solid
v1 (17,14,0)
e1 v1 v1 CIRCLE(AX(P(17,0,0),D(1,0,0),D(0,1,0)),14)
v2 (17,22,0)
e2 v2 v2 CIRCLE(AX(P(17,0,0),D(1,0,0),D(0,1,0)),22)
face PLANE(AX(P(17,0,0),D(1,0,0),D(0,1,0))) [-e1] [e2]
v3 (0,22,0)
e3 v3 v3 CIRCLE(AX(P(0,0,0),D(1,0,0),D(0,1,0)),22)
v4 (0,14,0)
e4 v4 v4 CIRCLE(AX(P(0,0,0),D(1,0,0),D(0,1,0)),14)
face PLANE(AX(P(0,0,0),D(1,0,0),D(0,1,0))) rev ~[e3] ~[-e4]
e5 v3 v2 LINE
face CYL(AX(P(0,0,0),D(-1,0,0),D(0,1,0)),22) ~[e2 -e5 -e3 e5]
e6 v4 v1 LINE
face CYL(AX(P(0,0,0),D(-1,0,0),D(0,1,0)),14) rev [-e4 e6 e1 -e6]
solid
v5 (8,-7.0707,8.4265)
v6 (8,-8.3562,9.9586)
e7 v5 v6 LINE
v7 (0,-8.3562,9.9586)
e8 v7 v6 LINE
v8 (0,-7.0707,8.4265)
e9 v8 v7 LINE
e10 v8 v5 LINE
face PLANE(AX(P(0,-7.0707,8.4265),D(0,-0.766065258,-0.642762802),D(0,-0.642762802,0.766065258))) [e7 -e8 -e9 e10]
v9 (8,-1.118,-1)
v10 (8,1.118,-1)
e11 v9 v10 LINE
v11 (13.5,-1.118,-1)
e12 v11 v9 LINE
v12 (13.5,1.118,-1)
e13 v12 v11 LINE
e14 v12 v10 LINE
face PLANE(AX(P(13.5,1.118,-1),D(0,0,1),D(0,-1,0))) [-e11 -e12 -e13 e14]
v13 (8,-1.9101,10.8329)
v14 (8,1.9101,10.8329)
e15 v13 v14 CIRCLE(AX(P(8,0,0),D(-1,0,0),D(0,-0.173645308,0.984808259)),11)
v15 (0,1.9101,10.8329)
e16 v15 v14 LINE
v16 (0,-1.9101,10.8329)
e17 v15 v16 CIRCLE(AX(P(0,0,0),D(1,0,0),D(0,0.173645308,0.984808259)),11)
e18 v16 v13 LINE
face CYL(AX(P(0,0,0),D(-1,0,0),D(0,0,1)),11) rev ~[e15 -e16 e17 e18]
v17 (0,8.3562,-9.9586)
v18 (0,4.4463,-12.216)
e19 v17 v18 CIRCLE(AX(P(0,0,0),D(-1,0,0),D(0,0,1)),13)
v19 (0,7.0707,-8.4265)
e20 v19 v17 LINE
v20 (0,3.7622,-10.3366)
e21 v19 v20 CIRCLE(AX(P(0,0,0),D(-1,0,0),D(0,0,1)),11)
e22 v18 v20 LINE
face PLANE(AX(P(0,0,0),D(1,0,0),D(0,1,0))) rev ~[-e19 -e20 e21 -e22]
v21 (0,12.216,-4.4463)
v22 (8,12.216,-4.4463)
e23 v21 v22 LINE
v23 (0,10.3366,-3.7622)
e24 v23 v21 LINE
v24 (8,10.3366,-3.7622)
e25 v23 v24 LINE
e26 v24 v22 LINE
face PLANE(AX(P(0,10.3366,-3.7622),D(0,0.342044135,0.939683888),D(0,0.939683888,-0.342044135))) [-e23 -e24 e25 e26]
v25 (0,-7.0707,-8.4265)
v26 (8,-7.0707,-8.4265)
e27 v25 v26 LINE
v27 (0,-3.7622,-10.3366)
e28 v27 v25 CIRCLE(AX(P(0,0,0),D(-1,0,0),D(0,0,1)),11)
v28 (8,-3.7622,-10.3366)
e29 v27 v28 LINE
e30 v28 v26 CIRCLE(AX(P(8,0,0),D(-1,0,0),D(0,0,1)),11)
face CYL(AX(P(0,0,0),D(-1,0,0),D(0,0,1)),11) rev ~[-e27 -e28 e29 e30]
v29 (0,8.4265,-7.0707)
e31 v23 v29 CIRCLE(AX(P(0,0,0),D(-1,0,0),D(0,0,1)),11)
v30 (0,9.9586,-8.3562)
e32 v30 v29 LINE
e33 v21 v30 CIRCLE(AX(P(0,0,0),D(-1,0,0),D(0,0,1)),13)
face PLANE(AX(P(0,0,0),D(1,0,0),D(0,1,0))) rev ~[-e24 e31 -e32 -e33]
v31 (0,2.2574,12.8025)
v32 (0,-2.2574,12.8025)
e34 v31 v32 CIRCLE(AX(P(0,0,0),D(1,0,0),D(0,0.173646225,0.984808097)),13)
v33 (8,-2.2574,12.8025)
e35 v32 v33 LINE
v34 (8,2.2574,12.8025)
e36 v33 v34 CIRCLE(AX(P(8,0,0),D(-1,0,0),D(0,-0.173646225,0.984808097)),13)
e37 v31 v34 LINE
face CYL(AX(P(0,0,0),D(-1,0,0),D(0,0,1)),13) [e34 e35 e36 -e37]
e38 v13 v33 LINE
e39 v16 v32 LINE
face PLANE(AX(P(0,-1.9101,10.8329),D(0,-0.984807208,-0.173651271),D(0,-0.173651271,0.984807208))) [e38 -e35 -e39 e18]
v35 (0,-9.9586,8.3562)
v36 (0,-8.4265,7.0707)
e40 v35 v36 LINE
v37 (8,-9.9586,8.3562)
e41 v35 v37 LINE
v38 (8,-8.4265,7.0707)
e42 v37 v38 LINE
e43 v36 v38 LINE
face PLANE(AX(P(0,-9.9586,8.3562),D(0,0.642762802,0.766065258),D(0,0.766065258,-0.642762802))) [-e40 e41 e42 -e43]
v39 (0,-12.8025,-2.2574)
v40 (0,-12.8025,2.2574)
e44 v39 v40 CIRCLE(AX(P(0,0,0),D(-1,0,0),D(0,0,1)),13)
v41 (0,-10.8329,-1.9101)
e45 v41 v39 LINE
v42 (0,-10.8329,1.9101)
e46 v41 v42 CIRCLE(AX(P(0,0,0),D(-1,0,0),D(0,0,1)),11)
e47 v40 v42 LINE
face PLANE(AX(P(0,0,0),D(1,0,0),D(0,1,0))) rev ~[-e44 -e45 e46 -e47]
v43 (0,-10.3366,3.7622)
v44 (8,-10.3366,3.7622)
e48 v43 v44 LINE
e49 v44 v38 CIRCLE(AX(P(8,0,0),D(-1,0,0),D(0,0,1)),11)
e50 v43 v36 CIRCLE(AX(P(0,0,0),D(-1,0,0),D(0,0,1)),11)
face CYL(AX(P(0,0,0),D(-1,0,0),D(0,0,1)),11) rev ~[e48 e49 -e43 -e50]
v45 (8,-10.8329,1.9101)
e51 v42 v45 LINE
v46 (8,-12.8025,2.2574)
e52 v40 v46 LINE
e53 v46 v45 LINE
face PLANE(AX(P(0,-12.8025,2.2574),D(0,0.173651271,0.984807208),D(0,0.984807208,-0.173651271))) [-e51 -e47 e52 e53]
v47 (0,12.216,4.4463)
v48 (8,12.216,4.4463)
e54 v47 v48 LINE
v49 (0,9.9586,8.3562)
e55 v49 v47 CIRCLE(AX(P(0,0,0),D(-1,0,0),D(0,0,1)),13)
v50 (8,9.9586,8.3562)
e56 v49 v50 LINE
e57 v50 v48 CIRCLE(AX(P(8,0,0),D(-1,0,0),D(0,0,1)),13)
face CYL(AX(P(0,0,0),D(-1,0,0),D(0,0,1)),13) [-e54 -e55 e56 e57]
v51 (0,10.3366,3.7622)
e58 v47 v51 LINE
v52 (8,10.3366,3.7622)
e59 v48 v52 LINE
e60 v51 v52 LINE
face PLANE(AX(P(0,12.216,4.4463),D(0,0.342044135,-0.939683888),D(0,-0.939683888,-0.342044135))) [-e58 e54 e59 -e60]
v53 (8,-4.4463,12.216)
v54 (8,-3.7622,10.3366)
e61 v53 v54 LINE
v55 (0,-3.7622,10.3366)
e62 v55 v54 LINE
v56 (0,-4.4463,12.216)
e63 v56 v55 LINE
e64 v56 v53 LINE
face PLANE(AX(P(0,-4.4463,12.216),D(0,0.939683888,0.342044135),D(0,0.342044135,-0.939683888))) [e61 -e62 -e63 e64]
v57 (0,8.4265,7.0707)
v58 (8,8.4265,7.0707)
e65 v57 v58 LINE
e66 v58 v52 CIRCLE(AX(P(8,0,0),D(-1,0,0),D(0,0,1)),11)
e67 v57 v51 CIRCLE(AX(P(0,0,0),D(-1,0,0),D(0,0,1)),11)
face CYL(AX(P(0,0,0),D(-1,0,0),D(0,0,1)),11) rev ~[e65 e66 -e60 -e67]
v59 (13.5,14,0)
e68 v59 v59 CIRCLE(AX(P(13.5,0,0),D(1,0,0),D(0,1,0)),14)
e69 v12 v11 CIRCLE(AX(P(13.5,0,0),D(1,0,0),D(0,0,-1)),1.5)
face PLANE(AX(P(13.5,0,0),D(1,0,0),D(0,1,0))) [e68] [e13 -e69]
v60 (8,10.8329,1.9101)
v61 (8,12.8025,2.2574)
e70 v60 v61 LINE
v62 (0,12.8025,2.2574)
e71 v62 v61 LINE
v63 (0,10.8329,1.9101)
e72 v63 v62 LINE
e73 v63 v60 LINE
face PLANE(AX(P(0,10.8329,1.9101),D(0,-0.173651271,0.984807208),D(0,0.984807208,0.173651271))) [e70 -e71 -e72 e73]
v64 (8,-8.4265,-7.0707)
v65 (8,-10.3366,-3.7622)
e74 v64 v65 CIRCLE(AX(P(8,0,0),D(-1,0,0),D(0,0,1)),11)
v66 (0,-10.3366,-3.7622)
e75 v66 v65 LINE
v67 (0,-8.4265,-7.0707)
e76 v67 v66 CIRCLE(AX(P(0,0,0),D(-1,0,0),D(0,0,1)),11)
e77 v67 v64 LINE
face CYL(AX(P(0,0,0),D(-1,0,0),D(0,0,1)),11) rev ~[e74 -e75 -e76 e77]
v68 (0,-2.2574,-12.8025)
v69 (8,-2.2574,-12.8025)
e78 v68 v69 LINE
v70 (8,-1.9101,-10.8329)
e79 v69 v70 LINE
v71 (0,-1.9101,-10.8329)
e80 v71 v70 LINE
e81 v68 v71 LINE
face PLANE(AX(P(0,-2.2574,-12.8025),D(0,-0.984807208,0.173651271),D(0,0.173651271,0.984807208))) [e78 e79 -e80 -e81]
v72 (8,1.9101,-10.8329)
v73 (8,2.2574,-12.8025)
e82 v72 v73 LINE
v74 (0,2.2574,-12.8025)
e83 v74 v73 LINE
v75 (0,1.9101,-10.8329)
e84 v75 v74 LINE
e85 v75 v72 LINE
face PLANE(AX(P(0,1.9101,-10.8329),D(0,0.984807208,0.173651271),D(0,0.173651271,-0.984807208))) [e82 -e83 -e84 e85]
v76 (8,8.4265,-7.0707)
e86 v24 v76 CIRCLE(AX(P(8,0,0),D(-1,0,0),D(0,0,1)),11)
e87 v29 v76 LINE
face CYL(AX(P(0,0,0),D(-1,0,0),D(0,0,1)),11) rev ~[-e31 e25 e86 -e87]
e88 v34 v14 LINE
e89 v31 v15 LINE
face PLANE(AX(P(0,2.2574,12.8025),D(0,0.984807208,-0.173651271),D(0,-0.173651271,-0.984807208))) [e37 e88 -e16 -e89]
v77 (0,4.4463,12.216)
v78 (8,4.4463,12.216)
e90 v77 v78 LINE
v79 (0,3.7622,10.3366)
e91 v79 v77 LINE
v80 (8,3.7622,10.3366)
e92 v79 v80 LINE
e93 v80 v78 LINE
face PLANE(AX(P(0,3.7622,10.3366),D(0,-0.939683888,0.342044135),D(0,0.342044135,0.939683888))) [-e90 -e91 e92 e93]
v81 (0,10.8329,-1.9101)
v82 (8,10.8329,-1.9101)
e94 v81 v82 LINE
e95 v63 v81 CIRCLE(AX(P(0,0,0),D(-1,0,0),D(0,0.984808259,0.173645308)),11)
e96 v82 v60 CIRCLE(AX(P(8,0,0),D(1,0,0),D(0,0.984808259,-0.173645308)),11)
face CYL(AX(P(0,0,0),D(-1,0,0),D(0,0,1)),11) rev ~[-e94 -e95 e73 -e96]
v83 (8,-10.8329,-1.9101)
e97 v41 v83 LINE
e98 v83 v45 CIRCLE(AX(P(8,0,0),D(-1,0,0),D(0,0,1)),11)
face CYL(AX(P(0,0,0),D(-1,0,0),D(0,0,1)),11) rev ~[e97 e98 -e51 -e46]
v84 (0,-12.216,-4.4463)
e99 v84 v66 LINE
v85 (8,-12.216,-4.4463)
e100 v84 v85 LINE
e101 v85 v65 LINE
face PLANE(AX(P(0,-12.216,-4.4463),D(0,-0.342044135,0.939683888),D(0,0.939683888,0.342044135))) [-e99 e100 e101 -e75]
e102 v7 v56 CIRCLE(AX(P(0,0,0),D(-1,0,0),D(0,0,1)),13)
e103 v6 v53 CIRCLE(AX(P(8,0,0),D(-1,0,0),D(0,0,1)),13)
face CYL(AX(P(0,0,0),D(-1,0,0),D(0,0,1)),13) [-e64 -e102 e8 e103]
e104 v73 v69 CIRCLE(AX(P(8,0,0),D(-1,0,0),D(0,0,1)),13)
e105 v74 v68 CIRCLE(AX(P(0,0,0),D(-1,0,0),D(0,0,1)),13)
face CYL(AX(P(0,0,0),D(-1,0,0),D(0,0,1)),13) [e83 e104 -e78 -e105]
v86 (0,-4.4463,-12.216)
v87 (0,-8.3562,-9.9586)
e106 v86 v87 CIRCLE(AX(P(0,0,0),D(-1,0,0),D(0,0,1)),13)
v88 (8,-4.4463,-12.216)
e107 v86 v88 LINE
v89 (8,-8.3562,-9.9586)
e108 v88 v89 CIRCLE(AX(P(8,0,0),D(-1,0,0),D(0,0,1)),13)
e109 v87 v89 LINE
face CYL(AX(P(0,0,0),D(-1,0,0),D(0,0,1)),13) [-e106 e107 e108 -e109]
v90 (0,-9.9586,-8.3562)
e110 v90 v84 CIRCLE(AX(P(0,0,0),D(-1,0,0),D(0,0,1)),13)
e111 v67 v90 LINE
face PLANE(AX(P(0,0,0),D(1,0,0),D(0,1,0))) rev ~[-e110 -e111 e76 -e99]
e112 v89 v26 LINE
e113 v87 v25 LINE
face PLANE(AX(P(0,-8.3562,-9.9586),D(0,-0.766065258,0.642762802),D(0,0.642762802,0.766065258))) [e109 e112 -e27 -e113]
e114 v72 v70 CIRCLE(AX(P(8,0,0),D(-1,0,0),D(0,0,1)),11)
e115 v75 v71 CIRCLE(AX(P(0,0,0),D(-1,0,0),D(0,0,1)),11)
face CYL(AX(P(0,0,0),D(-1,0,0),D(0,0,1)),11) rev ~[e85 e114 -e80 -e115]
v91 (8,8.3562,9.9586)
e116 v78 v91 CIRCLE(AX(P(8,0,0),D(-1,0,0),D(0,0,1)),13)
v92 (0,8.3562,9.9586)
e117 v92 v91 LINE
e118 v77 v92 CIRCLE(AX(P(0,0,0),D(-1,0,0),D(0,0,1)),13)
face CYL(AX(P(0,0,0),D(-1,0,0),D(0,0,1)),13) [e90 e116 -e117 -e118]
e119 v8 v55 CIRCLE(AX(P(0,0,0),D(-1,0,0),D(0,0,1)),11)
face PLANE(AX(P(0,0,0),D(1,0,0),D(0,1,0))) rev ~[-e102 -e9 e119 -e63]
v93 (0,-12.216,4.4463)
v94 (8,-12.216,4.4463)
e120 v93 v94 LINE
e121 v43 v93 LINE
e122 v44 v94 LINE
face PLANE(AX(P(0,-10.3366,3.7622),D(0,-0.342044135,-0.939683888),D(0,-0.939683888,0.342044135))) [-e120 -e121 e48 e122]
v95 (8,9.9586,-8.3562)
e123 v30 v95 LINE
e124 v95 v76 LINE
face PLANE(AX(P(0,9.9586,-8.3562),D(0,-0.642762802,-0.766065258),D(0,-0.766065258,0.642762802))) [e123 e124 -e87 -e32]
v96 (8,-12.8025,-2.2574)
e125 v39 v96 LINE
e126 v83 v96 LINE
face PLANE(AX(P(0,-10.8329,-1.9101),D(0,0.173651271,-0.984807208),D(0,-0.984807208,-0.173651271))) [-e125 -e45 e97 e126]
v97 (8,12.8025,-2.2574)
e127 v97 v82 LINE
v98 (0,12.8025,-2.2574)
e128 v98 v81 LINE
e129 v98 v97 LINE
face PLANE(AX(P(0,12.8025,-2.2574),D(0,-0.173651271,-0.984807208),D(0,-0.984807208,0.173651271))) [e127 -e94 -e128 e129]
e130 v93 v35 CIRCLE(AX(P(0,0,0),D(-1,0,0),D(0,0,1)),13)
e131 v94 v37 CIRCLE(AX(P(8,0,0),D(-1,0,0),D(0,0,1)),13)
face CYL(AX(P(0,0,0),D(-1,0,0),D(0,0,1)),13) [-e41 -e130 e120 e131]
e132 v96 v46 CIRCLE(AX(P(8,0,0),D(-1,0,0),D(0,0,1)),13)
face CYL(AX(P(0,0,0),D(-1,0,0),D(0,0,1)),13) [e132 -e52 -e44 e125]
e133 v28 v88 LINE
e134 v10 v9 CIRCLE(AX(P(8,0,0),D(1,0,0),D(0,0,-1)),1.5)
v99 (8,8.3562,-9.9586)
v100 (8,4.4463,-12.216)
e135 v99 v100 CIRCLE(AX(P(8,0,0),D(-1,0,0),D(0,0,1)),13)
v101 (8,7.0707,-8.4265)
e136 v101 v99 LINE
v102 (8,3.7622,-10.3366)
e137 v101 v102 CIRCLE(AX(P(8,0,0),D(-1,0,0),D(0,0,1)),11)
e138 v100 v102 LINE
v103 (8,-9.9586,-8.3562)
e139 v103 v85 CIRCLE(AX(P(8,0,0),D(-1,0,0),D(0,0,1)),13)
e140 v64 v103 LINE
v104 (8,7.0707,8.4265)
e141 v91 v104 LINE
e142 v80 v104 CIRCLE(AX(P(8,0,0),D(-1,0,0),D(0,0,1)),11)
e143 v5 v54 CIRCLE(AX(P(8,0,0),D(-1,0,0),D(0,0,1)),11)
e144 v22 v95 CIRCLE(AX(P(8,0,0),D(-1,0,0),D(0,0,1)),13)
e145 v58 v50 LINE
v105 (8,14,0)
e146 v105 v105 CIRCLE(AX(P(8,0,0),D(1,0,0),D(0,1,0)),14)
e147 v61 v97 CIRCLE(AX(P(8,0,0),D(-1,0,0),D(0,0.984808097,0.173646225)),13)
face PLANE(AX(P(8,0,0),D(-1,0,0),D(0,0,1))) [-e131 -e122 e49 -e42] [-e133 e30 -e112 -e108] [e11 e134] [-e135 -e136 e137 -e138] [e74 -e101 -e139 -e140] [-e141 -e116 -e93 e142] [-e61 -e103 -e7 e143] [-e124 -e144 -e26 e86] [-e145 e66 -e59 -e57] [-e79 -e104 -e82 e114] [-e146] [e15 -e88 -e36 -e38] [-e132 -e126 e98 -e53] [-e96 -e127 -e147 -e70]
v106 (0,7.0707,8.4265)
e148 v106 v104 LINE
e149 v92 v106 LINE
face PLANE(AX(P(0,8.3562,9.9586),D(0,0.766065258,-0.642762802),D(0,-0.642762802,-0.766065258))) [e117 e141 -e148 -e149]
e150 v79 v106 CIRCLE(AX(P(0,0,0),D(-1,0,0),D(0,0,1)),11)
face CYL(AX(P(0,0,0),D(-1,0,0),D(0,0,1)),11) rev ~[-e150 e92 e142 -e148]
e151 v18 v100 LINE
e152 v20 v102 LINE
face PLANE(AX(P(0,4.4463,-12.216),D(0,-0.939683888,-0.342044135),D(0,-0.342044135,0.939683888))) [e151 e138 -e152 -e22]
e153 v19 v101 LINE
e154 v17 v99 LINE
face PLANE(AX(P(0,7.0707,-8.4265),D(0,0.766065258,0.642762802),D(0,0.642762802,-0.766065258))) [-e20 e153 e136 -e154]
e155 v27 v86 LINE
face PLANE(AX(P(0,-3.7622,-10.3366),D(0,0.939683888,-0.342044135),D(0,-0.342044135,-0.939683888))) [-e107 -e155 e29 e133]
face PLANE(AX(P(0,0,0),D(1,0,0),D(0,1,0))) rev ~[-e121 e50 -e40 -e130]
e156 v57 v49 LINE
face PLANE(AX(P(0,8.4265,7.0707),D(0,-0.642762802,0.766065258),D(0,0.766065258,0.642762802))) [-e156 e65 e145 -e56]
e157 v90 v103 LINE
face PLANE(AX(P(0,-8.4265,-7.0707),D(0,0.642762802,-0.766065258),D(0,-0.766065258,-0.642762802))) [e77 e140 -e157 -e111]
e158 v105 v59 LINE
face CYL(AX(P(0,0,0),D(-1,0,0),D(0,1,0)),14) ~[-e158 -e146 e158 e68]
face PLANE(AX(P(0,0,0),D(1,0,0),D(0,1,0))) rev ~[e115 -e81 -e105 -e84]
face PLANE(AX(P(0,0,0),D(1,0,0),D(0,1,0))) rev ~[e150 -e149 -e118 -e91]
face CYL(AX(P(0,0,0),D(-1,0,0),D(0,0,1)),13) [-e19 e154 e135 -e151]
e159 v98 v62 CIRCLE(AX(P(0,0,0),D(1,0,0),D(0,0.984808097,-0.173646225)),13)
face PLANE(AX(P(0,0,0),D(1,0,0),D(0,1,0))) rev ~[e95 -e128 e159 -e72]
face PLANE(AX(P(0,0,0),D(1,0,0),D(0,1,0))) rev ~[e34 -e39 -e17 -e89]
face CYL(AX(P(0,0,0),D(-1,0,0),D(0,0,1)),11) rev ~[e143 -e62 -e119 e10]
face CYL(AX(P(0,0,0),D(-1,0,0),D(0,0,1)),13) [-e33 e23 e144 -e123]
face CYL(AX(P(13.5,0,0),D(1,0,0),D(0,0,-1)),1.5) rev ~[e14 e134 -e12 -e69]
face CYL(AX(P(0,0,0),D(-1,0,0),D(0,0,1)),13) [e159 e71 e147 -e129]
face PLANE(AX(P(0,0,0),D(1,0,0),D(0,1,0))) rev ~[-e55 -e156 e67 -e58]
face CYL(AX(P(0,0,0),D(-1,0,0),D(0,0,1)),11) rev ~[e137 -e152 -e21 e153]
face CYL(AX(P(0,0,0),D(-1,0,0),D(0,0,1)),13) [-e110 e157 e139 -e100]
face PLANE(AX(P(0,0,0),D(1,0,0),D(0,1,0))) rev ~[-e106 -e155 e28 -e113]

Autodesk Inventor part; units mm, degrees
ref_plane "YZ Plane" through (0, 0, 0) normal (1, 0, 0) x (0, 1, 0)
ref_plane "XZ Plane" through (0, 0, 0) normal (0, 1, 0) x (-1, 0, 0)
ref_plane "XY Plane" through (0, 0, 0) normal (0, 0, 1) x (1, 0, 0)
sketch "Sketch1" plane through (0, 0, 0) normal (1, 0, 0) x (0, 1, 0)
  circle A0 centre (0, 0) radius 22
  circle A1 centre (0, 0) radius 14
  dimension "d0" = 44
  dimension "d1" = 8
extrude "Extrusion1" add sketch "Sketch1" along normal blind 17
extrude "Extrusion2" add sketch "Sketch1" along normal blind 13.5 separate body contours A1
sketch "Sketch2" plane through (0, 0, 0) normal (-1, 0, 0) x (0, 0, 1)
  circle A0 centre (0, 0) radius 11
  circle A1 centre (0, 0) radius 13
  circle A2 centre (0, 0) radius 14 projected
  line L0 (0, 0) -> (2.2574, 12.8025) construction
  line L1 (0, 0) -> (0, 13)
  line L2 (0, 0) -> (-2.2574, 12.8025) construction
  line L3 (-2.2574, 12.8025) -> (-1.9101, 10.8329)
  line L4 (1.9101, 10.8329) -> (2.2574, 12.8025)
  line L5 (-3.7622, 10.3366) -> (-4.4463, 12.216)
  line L6 (-8.3562, 9.9586) -> (-7.0707, 8.4265)
  line L7 (-8.4265, 7.0707) -> (-9.9586, 8.3562)
  line L8 (-12.216, 4.4463) -> (-10.3366, 3.7622)
  line L9 (-10.8329, 1.9101) -> (-12.8025, 2.2574)
  line L10 (-12.8025, -2.2574) -> (-10.8329, -1.9101)
  line L11 (-10.3366, -3.7622) -> (-12.216, -4.4463)
  line L12 (-9.9586, -8.3562) -> (-8.4265, -7.0707)
  line L13 (-7.0707, -8.4265) -> (-8.3562, -9.9586)
  line L14 (-4.4463, -12.216) -> (-3.7622, -10.3366)
  line L15 (-1.9101, -10.8329) -> (-2.2574, -12.8025)
  line L16 (2.2574, -12.8025) -> (1.9101, -10.8329)
  line L17 (3.7622, -10.3366) -> (4.4463, -12.216)
  line L18 (8.3562, -9.9586) -> (7.0707, -8.4265)
  line L19 (8.4265, -7.0707) -> (9.9586, -8.3562)
  line L20 (12.216, -4.4463) -> (10.3366, -3.7622)
  line L21 (10.8329, -1.9101) -> (12.8025, -2.2574)
  line L22 (12.8025, 2.2574) -> (10.8329, 1.9101)
  line L23 (10.3366, 3.7622) -> (12.216, 4.4463)
  line L24 (9.9586, 8.3562) -> (8.4265, 7.0707)
  line L25 (7.0707, 8.4265) -> (8.3562, 9.9586)
  line L26 (4.4463, 12.216) -> (3.7622, 10.3366)
  point P0 (-4.4463, 12.216)
  point P1 (-3.7622, 10.3366)
  point P2 (-7.0707, 8.4265)
  point P3 (-8.4265, 7.0707)
  point P4 (-10.3366, 3.7622)
  point P5 (-12.216, 4.4463)
  point P6 (-12.8025, 2.2574)
  point P7 (-10.8329, 1.9101)
  point P8 (-10.8329, -1.9101)
  point P9 (-12.216, -4.4463)
  point P10 (-10.3366, -3.7622)
  point P11 (-8.4265, -7.0707)
  point P12 (-9.9586, -8.3562)
  point P13 (-8.3562, -9.9586)
  point P14 (-7.0707, -8.4265)
  point P15 (-3.7622, -10.3366)
  point P16 (-1.9101, -10.8329)
  point P17 (1.9101, -10.8329)
  point P18 (2.2574, -12.8025)
  point P19 (4.4463, -12.216)
  point P20 (7.0707, -8.4265)
  point P21 (8.3562, -9.9586)
  point P22 (9.9586, -8.3562)
  point P23 (8.4265, -7.0707)
  point P24 (10.3366, -3.7622)
  point P25 (12.216, -4.4463)
  point P26 (12.8025, -2.2574)
  point P27 (10.8329, -1.9101)
  point P28 (10.8329, 1.9101)
  point P29 (12.216, 4.4463)
  point P30 (8.4265, 7.0707)
  point P31 (9.9586, 8.3562)
  point P32 (8.3562, 9.9586)
  point P33 (3.7622, 10.3366)
  dimension "d7" = 2
  dimension "d6" = 1
  dimension "d8" = 10
  dimension "d9" = 3.8203
  dimension "d12" = 360
extrude "Extrusion3" cut sketch "Sketch2" against normal blind 8 contours A0 | A0 L23 A1 L22 | L21 A1 L20 A0 | A0 L25 A1 L24 | L19 A1 L18 A0 | A0 L4 A1 L26 | L17 A1 L16 A0 | L15 A1 L14 A0 | A0 L5 A1 L3 | L13 A1 L12 A0 | A0 L7 A1 L6 | L11 A1 L10 A0 | A0 L9 A1 L8 | A2 bodies 2
sketch "Sketch3" plane through (13.5, 0, 0) normal (1, 0, 0) x (0, 0, -1)
  circle A0 centre (0, 0) radius 1.5
  line L0 (1, 1.118) -> (1, -1.118)
  dimension "d16" = 3
  dimension "d17" = 1
extrude "Extrusion4" cut sketch "Sketch3" against normal through all contours L0 A0 picked at (0.1703, -0.0604) bodies 2
properties part number "llanta"
